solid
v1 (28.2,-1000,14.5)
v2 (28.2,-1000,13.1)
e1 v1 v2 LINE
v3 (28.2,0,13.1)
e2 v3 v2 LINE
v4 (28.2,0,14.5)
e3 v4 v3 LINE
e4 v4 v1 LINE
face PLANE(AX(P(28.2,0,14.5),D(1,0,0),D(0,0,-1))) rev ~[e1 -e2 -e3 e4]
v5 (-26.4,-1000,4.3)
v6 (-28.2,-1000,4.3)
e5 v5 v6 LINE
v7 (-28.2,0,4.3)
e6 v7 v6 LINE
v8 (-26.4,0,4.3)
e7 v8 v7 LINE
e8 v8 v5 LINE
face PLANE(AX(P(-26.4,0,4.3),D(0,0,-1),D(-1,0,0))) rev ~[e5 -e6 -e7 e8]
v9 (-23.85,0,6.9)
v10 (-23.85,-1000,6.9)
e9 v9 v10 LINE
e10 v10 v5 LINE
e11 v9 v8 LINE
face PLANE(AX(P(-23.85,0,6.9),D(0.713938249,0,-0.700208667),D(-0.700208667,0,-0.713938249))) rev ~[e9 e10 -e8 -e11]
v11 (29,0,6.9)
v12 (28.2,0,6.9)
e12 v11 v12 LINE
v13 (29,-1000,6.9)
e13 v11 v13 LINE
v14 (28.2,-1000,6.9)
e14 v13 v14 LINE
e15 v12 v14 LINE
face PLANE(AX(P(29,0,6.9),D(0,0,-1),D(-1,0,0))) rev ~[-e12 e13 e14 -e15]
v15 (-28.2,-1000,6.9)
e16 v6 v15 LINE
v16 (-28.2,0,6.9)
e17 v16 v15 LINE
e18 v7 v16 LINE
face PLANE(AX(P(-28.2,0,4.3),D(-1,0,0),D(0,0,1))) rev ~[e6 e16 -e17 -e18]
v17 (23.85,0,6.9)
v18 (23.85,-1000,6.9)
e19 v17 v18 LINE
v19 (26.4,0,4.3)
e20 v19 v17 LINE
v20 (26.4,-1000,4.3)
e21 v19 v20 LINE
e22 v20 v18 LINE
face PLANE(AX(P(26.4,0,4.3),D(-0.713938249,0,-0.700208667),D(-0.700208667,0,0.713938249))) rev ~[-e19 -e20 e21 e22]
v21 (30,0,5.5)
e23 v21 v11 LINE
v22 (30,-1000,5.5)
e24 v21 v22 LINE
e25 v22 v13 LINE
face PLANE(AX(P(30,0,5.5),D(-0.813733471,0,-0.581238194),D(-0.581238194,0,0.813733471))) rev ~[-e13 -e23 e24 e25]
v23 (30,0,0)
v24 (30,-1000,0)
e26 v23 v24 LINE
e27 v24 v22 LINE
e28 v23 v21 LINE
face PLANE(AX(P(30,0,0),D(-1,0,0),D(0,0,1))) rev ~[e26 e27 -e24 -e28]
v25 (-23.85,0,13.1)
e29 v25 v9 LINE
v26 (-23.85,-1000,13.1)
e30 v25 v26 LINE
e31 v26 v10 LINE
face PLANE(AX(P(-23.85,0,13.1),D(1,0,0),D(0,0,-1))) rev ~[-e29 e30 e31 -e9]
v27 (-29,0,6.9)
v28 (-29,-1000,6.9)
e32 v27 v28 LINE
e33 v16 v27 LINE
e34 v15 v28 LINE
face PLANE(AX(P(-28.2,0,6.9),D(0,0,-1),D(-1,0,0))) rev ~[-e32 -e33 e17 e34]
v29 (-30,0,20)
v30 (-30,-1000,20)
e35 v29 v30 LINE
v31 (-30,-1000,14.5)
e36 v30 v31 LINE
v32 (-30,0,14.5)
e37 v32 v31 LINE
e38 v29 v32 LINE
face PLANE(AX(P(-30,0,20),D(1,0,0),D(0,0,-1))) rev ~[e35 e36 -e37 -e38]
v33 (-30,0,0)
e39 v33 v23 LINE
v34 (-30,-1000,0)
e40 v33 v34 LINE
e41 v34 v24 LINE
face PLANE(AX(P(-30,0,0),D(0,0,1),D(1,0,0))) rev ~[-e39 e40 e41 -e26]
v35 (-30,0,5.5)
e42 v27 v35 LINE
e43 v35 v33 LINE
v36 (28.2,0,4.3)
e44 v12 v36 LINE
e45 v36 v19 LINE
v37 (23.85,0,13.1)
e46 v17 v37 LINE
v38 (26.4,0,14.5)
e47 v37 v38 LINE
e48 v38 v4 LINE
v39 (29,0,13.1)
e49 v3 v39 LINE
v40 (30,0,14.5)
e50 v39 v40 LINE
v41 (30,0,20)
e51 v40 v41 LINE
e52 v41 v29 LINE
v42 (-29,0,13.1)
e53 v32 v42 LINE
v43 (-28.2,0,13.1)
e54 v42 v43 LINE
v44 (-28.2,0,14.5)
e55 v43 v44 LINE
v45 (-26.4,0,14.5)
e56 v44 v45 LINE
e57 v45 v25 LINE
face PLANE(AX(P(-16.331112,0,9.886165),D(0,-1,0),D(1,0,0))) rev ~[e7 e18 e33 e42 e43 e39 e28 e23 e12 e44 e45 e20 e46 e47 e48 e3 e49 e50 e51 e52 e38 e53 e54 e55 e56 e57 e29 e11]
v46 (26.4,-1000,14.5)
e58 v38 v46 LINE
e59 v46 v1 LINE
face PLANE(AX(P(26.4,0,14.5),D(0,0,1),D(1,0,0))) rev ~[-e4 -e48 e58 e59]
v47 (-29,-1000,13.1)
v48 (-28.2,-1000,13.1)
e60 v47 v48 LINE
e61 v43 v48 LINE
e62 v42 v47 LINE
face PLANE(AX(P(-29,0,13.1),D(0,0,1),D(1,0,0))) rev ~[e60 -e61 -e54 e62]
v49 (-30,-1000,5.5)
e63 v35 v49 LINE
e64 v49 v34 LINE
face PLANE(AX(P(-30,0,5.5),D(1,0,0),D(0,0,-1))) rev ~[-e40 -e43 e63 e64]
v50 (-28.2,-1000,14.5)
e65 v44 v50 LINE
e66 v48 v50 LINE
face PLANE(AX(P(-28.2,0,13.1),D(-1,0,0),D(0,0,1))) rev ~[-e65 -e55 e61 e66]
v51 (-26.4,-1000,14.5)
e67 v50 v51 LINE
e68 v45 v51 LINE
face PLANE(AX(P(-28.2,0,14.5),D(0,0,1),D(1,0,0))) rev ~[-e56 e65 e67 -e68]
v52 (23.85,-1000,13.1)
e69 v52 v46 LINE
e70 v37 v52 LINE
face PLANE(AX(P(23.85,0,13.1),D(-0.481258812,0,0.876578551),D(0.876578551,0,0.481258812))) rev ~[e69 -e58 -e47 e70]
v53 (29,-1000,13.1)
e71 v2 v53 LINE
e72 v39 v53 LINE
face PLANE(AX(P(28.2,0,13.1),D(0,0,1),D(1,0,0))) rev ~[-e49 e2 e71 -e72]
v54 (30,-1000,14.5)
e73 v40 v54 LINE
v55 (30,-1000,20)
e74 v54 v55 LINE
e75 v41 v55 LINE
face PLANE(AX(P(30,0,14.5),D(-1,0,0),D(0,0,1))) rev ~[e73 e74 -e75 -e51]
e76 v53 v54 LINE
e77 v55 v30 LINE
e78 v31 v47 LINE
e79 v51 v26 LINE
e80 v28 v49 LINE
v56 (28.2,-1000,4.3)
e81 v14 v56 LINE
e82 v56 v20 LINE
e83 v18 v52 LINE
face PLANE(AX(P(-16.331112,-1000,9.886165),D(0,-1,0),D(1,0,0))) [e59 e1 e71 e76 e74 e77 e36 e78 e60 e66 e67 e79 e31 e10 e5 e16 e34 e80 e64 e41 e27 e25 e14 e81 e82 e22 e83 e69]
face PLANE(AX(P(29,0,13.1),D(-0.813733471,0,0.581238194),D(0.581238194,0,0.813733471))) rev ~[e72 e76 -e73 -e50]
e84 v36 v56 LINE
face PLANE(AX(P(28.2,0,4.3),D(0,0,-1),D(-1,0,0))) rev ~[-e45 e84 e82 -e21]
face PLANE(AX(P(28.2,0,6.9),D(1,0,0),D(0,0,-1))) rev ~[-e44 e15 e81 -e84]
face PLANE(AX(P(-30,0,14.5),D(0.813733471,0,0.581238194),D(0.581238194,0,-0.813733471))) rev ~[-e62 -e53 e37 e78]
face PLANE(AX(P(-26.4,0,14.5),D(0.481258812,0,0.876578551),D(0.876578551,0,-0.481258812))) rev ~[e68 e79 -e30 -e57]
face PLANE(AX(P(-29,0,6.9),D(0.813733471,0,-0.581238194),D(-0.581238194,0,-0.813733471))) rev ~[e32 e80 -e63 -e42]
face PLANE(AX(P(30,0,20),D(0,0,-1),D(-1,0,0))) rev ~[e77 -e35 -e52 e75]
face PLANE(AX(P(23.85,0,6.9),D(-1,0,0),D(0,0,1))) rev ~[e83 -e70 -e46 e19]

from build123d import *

# Parameters (mm, degrees)
F1_DEPTH = 1000


with BuildPart() as f1:
    # F0 (on Front) → F1 (new body)
    with BuildSketch(Plane.XZ):
        Polygon((-30, 5.5), (-30, 0), (0, 0), (0, 20), (-30, 20), (-30, 14.5), (-29, 13.1), (-28.2, 13.1), (-28.2, 14.5), (-26.4, 14.5), (-23.85, 13.1), (-23.85, 6.9), (-26.4, 4.3), (-28.2, 4.3), (-28.2, 6.9), (-29, 6.9), align=None)
        Polygon((0, 20), (0, 0), (30, 0), (30, 5.5), (29, 6.9), (28.2, 6.9), (28.2, 4.3), (26.4, 4.3), (23.85, 6.9), (23.85, 13.1), (26.4, 14.5), (28.2, 14.5), (28.2, 13.1), (29, 13.1), (30, 14.5), (30, 20), align=None)
    extrude(amount=F1_DEPTH)


solid = f1.part
